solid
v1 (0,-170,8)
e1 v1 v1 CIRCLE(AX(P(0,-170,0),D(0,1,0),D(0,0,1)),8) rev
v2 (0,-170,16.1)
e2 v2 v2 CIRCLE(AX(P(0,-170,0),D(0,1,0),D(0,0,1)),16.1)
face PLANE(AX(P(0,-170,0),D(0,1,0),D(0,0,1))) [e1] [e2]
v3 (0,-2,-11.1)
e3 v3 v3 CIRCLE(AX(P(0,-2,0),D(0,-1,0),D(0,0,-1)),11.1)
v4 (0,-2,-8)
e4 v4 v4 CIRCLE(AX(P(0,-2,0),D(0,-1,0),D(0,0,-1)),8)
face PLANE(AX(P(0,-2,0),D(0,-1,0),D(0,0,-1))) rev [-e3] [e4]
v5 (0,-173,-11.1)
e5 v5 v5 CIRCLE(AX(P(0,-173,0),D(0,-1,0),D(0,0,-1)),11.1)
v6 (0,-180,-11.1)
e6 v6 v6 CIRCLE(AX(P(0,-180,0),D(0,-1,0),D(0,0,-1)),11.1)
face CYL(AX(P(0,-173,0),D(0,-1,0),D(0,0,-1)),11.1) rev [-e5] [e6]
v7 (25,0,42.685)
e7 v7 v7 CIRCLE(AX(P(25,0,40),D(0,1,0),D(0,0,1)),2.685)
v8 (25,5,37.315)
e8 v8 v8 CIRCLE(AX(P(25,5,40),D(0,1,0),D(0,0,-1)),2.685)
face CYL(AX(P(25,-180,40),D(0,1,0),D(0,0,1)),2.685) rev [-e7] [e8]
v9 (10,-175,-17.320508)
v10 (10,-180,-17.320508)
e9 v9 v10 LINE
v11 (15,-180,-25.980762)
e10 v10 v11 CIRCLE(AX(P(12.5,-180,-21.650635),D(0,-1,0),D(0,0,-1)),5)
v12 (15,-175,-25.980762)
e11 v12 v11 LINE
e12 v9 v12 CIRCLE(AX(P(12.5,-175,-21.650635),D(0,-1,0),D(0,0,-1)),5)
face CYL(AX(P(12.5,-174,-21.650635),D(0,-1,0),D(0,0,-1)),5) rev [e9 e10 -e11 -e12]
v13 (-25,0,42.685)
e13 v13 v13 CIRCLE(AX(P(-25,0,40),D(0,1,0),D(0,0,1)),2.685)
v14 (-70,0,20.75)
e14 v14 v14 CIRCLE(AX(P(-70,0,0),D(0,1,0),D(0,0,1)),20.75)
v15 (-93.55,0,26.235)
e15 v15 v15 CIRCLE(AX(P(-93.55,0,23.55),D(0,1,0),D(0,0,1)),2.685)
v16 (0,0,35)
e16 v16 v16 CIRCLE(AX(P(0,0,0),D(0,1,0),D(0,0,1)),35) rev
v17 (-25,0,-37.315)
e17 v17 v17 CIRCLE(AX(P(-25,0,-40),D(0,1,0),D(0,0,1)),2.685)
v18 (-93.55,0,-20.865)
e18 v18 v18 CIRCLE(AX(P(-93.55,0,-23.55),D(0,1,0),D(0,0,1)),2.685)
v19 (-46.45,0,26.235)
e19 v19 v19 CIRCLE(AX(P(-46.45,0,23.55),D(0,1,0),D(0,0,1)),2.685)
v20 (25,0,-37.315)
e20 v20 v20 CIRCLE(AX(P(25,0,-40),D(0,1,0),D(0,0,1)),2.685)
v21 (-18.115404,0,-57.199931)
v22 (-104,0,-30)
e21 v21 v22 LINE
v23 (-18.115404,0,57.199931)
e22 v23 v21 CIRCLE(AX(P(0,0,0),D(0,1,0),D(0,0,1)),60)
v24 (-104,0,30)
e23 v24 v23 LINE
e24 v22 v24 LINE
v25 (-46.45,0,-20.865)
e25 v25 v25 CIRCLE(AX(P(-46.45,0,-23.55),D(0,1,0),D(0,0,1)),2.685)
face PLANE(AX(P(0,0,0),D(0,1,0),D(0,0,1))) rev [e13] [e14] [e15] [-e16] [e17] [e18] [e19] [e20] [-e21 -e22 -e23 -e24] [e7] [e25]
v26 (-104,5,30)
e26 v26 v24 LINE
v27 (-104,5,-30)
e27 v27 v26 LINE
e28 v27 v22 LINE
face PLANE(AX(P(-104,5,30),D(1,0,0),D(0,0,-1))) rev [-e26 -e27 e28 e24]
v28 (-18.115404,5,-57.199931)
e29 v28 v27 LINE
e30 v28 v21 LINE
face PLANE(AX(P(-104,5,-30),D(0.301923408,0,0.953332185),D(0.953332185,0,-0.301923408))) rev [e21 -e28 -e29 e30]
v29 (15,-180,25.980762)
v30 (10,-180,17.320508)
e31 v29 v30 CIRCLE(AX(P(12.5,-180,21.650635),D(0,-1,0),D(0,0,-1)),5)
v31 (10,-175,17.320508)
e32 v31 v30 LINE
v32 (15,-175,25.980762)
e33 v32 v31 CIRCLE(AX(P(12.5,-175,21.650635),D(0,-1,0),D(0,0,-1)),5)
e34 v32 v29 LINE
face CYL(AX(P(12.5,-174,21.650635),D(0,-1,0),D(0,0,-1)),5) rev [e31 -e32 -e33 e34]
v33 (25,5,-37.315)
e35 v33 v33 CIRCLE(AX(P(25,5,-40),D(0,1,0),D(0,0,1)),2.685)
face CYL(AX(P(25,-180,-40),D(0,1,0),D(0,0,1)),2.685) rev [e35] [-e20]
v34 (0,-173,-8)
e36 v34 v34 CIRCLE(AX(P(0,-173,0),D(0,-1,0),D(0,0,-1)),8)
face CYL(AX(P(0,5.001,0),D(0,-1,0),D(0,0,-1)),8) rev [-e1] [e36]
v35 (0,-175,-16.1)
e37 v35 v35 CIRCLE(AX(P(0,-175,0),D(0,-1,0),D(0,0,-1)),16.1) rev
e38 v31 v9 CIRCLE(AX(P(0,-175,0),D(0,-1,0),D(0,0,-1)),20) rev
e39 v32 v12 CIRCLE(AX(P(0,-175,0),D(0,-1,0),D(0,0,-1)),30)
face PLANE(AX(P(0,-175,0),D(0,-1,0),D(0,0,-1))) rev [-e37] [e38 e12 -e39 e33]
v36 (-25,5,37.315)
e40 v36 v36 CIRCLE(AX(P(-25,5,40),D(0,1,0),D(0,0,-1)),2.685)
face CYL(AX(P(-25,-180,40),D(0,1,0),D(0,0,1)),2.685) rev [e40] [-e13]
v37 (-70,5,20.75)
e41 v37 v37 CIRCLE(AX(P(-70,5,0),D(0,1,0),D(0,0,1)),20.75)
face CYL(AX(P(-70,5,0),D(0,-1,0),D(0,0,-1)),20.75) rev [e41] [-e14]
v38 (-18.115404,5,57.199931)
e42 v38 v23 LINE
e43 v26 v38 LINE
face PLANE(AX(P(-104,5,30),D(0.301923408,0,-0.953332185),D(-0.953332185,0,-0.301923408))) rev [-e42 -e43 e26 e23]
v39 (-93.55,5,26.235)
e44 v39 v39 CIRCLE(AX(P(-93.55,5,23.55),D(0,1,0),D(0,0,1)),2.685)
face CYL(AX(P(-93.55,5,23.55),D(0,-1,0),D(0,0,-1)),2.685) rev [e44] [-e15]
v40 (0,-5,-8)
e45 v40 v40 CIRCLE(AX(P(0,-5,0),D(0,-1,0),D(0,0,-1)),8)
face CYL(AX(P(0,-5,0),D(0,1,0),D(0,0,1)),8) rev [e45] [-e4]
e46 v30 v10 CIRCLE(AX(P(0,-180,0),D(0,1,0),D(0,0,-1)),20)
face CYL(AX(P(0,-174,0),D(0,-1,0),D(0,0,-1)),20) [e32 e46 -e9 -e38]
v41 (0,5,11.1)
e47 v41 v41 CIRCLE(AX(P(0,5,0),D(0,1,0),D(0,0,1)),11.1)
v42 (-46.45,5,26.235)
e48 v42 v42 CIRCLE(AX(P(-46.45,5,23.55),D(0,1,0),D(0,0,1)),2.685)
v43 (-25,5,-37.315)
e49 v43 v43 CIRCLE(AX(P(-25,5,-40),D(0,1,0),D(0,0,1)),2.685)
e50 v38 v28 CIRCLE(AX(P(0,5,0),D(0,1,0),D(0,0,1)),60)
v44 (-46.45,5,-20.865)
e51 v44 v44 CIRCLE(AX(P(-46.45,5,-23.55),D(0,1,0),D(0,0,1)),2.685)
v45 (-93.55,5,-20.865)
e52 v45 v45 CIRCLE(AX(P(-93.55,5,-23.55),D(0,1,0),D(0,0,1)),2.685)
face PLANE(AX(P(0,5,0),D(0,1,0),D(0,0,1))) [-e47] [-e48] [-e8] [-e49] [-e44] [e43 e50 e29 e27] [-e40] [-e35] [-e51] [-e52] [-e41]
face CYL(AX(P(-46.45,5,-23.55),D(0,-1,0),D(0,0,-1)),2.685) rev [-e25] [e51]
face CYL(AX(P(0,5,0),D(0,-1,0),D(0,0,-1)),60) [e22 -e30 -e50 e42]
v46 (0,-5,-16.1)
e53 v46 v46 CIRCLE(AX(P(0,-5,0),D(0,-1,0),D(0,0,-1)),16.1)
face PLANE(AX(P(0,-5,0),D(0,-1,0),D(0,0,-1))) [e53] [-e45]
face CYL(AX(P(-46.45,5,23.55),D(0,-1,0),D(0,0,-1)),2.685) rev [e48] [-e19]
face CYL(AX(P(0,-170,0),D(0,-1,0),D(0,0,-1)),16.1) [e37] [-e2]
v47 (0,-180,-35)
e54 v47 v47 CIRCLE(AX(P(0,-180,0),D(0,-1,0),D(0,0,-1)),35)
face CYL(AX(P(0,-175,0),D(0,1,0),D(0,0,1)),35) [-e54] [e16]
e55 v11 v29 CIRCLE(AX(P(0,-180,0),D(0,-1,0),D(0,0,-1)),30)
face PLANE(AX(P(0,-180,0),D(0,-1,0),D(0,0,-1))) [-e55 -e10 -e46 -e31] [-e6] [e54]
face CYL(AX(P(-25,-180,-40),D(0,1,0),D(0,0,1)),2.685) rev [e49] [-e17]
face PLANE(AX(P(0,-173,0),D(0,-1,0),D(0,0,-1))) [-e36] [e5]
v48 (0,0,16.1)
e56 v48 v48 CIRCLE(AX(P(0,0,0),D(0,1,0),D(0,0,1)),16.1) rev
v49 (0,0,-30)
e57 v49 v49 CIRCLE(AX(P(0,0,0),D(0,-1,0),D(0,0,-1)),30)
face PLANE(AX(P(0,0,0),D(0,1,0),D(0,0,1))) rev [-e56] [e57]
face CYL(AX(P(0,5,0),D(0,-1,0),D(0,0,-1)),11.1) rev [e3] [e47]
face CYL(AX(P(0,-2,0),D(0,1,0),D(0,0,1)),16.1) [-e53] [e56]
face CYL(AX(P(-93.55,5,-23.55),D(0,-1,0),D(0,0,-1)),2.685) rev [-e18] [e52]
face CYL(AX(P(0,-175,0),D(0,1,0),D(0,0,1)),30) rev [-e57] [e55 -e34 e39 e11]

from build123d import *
from build123d.topology import SkipClean

# Parameters (mm, degrees)
SKETCH2_R           = 2.685
SKETCH2_R_2         = 11.1
SKETCH2_R_3         = 20.75
BOSS_EXTRUDE1_DEPTH = 5
SKETCH3_R           = 35
SKETCH3_R_2         = 30
BOSS_EXTRUDE2_DEPTH = 175
SKETCH4_R           = 35
BOSS_EXTRUDE3_DEPTH = 5
CUT_EXTRUDE3_START  = -6
CUT_EXTRUDE3_DEPTH  = 6
SKETCH10_R          = 16.1
BOSS_EXTRUDE5_DEPTH = 5
SKETCH5_R           = 11.1
CUT_EXTRUDE7_DEPTH  = 7
CUT_EXTRUDE8_REACH  = 216.709
SKETCH11_R          = 8
BOSS_EXTRUDE6_START = 2
SKETCH13_R          = 16.1
SKETCH13_R_2        = 11.1
BOSS_EXTRUDE6_DEPTH = 2
BOSS_EXTRUDE7_START = 3
SKETCH14_R          = 16.1
SKETCH14_R_2        = 8
BOSS_EXTRUDE7_DEPTH = 3
SKETCH15_R          = 2.685
CUT_EXTRUDE9_DEPTH  = 221.547047


with BuildPart() as part:
    # Sketch2 → Boss-Extrude1 (new body)
    with BuildSketch(Plane(origin=(0, 0, 0), x_dir=(1, 0, 0), z_dir=(0, 1, 0))):
        with BuildLine():
            Line((-104, -30), (-18.115404, -57.199931))
            ThreePointArc((-18.115404, -57.199931), (60, 0), (-18.115404, 57.199931))
            Line((-18.115404, 57.199931), (-104, 30))
            Line((-104, 30), (-104, -30))
        make_face()
        with Locations(Location((-93.55, 23.55, 0), (0, 0, 270))):
            Circle(SKETCH2_R, mode=Mode.SUBTRACT)
        with Locations(Location((-46.45, 23.55, 0), (0, 0, 270))):
            Circle(SKETCH2_R, mode=Mode.SUBTRACT)
        with Locations(Location((-93.55, -23.55, 0), (0, 0, 270))):
            Circle(SKETCH2_R, mode=Mode.SUBTRACT)
        with Locations(Location((-46.45, -23.55, 0), (0, 0, 270))):
            Circle(SKETCH2_R, mode=Mode.SUBTRACT)
        with Locations(Location((0, 0, 0), (0, 0, 270))):
            Circle(SKETCH2_R_2, mode=Mode.SUBTRACT)
        with Locations(Location((-70, 0, 0), (0, 0, 270))):
            Circle(SKETCH2_R_3, mode=Mode.SUBTRACT)
    extrude(amount=BOSS_EXTRUDE1_DEPTH)

    # Sketch3 → Boss-Extrude2 (add)
    with BuildSketch(Plane.XZ):
        with Locations(Location((0, 0, 0), (0, 0, 90))):
            Circle(SKETCH3_R)
        with Locations(Location((0, 0, 0), (0, 0, 270))):
            Circle(SKETCH3_R_2, mode=Mode.SUBTRACT)
    extrude(amount=BOSS_EXTRUDE2_DEPTH)

    # Sketch4 → Boss-Extrude3 (add)
    with BuildSketch(Plane.XZ.offset(175)):
        with Locations(Location((0, 0, 0), (0, 0, 90))):
            Circle(SKETCH4_R)
    extrude(amount=BOSS_EXTRUDE3_DEPTH)

    # Sketch6 → Cut-Extrude3 (cut)
    with SkipClean():  # the faces are left unmerged after this step: merging them gives an invalid solid
        with BuildSketch(Plane.XZ.offset(180).offset(CUT_EXTRUDE3_START)):
            with BuildLine():
                ThreePointArc((10, -17.320508), (20, 0), (10, 17.320508))
                ThreePointArc((10, 17.320508), (8.169873, 24.150635), (15, 25.980762))
                ThreePointArc((15, 25.980762), (30, 0), (15, -25.980762))
                ThreePointArc((15, -25.980762), (8.169873, -24.150635), (10, -17.320508))
            make_face()
        extrude(amount=CUT_EXTRUDE3_DEPTH, mode=Mode.SUBTRACT)

    # Sketch10 → Boss-Extrude5 (add)
    with SkipClean():  # the faces are left unmerged after this step: merging them gives an invalid solid
        with BuildSketch(Plane(origin=(0, -175, 0), x_dir=(1, 0, 0), z_dir=(0, 1, 0))):
            with Locations(Location((0, 0, 0), (0, 0, 90))):
                Circle(SKETCH10_R)
        extrude(amount=BOSS_EXTRUDE5_DEPTH)

    # Sketch5 → Cut-Extrude7 (cut)
    with SkipClean():  # the faces are left unmerged after this step: merging them gives an invalid solid
        with BuildSketch(Plane.XZ.offset(180)):
            with Locations(Location((0, 0, 0), (0, 0, 90))):
                Circle(SKETCH5_R)
        extrude(amount=-CUT_EXTRUDE7_DEPTH, mode=Mode.SUBTRACT)

    # Sketch11 → Cut-Extrude8 (cut, up to next)
    with BuildSketch(Plane.XZ.offset(173), mode=Mode.PRIVATE) as cut_extrude8_sk1:
        with Locations(Location((0, 0, 0), (0, 0, 270))):
            Circle(SKETCH11_R)
    cut_extrude8_tool1 = extrude(cut_extrude8_sk1.sketch, amount=-CUT_EXTRUDE8_REACH, mode=Mode.PRIVATE) & part.part
    add(cut_extrude8_tool1.solids().sort_by_distance((0, -173, 0))[0], mode=Mode.SUBTRACT)

    # Sketch13 → Boss-Extrude6 (add)
    with SkipClean():  # the faces are left unmerged after this step: merging them gives an invalid solid
        with BuildSketch(Plane.XZ.offset(BOSS_EXTRUDE6_START)):
            with Locations(Location((0, 0, 0), (0, 0, 270))):
                Circle(SKETCH13_R)
            with Locations(Location((0, 0, 0), (0, 0, 270))):
                Circle(SKETCH13_R_2, mode=Mode.SUBTRACT)
        extrude(amount=-BOSS_EXTRUDE6_DEPTH)

    # Sketch14 → Boss-Extrude7 (add)
    with SkipClean():  # the faces are left unmerged after this step: merging them gives an invalid solid
        with BuildSketch(Plane.XZ.offset(2).offset(BOSS_EXTRUDE7_START)):
            with Locations(Location((0, 0, 0), (0, 0, 270))):
                Circle(SKETCH14_R)
            with Locations(Location((0, 0, 0), (0, 0, 270))):
                Circle(SKETCH14_R_2, mode=Mode.SUBTRACT)
        extrude(amount=-BOSS_EXTRUDE7_DEPTH)

    # Sketch15 → Cut-Extrude9 (cut, through all)
    with SkipClean():  # the faces are left unmerged after this step: merging them gives an invalid solid
        with BuildSketch(Plane(origin=(0, 5, 0), x_dir=(1, 0, 0), z_dir=(0, 1, 0))):
            with Locations(Location((-25, 40, 0), (0, 0, 270))):
                Circle(SKETCH15_R)
            with Locations(Location((25, 40, 0), (0, 0, 270))):
                Circle(SKETCH15_R)
            with Locations(Location((25, -40, 0), (0, 0, 270))):
                Circle(SKETCH15_R)
            with Locations(Location((-25, -40, 0), (0, 0, 270))):
                Circle(SKETCH15_R)
        extrude(amount=-CUT_EXTRUDE9_DEPTH, mode=Mode.SUBTRACT)


solid = part.part
